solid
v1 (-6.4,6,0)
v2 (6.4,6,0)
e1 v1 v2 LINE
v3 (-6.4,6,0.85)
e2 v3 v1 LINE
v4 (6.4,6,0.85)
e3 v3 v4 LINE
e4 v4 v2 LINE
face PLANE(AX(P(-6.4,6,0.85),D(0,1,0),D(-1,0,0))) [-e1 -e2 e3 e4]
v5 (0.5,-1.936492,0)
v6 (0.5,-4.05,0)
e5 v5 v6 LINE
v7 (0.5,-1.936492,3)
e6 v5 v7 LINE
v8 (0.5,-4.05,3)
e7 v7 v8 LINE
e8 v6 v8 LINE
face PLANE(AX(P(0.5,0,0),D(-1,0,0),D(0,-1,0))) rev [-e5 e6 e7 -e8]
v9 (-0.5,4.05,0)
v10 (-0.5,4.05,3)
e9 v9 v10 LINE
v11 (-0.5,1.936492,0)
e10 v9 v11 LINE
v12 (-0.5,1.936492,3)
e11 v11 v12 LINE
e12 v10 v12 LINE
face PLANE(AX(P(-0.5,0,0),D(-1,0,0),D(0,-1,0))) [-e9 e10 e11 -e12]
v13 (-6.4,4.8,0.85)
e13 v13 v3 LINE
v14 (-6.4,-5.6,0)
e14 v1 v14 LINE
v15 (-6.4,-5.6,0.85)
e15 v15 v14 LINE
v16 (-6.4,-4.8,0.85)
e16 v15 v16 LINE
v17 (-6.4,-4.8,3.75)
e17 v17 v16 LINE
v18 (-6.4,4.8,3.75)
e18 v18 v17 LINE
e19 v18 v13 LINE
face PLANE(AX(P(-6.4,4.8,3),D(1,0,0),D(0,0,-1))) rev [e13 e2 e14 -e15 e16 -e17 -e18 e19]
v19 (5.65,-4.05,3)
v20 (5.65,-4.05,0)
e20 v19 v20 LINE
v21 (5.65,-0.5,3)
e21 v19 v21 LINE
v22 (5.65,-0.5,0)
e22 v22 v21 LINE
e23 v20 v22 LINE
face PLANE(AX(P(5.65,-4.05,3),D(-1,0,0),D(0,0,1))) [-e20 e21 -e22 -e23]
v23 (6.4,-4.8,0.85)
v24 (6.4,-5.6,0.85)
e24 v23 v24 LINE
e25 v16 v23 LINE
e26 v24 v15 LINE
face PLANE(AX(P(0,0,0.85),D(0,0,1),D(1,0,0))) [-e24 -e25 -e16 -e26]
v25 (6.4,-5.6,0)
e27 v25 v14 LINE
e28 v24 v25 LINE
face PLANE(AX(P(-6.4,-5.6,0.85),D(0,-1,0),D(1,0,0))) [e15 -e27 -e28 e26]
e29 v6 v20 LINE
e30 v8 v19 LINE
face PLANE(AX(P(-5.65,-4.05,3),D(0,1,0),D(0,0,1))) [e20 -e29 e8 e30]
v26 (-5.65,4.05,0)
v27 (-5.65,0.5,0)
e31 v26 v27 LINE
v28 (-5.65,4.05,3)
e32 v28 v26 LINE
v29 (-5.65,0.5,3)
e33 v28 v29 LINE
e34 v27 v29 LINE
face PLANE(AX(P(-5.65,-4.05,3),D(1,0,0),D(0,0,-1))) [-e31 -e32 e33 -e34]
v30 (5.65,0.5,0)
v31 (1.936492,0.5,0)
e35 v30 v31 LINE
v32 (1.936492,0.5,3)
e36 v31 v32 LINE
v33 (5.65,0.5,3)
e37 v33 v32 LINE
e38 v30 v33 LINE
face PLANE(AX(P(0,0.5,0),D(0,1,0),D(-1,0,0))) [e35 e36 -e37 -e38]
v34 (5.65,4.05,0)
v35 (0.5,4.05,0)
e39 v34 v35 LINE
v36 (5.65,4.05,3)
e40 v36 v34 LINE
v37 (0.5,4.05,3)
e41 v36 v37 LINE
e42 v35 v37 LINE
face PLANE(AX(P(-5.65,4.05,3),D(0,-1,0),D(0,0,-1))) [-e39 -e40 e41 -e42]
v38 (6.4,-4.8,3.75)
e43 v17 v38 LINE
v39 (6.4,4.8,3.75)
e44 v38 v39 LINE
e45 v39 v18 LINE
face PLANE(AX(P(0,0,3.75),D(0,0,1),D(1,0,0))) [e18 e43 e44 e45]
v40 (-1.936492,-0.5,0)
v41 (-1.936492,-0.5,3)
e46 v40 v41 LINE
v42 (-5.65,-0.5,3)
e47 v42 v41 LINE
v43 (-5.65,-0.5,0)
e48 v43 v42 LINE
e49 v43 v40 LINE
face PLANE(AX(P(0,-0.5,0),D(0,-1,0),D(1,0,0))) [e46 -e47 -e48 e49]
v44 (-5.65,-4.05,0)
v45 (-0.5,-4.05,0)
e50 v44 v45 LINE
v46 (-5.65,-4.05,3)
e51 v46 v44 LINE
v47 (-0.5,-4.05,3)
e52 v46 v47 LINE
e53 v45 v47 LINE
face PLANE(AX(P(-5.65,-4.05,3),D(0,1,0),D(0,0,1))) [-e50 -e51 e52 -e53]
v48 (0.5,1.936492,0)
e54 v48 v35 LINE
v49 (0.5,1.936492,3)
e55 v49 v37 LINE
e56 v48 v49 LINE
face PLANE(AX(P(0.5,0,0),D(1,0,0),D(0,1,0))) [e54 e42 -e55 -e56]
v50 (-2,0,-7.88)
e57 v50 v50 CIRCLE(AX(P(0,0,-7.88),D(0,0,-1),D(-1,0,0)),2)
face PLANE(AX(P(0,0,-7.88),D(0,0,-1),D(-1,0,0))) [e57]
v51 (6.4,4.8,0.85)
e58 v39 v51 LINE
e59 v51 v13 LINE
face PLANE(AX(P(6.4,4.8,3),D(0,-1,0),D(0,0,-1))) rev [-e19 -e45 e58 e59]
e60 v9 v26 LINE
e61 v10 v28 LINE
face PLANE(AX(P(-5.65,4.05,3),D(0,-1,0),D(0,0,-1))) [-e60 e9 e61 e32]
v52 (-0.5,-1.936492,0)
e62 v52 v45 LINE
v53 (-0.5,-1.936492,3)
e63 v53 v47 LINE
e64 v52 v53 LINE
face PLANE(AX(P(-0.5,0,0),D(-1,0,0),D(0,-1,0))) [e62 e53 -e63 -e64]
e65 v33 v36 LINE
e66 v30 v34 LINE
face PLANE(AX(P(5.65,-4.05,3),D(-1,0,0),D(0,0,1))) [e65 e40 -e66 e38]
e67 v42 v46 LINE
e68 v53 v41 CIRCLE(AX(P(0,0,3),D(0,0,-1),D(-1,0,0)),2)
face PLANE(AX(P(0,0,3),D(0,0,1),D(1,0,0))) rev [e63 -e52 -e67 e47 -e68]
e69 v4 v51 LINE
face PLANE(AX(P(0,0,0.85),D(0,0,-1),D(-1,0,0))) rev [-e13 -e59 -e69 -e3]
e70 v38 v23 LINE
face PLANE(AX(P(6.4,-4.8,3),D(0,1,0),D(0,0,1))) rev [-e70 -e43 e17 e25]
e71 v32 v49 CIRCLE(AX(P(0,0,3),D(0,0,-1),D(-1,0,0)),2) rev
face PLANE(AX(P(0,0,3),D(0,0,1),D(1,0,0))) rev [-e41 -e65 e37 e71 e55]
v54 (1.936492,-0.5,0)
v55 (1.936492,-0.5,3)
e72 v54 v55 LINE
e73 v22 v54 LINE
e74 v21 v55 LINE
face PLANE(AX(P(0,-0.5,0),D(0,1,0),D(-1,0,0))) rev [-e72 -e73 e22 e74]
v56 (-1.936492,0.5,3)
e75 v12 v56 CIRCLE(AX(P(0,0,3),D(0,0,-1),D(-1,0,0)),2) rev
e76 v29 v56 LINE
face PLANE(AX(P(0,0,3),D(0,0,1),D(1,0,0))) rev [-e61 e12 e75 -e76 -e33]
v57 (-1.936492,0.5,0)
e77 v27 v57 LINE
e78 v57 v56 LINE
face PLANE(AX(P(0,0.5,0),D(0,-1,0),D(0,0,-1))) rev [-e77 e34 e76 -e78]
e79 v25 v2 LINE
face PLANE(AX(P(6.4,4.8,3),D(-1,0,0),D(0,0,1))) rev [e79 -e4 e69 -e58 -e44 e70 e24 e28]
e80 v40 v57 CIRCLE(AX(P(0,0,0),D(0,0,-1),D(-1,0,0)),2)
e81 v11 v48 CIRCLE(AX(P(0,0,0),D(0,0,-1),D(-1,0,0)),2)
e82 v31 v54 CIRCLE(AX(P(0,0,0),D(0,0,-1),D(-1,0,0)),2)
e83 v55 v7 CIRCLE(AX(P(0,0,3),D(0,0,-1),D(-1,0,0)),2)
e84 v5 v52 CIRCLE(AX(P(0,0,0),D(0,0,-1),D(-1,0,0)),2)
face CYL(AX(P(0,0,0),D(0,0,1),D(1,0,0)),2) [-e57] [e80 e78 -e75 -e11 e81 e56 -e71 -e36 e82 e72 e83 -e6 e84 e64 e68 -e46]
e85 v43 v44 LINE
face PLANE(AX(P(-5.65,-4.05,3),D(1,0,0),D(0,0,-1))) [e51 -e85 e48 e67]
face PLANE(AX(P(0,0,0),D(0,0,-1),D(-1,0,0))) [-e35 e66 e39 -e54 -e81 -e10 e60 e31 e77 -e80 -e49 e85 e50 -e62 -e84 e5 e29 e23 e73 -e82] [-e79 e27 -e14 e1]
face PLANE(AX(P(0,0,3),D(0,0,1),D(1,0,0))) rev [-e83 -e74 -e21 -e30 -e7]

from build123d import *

# Parameters (mm, degrees)
SCHIZZO1_W                   = 12.8
SCHIZZO1_H                   = 9.6
SCHIZZO1_W_2                 = 11.3
SCHIZZO1_H_2                 = 8.1
ESTRUSIONE_ESTRUSIONE1_DEPTH = 3
SCHIZZO2_W                   = 12.8
SCHIZZO2_H                   = 9.6
ESTRUSIONE_ESTRUSIONE2_DEPTH = 0.75
SCHIZZO3_W                   = 12.8
SCHIZZO3_H                   = 1.2
SCHIZZO3_H_2                 = 0.8
ESTRUSIONE_ESTRUSIONE3_DEPTH = 0.85
ESTRUSIONE_ESTRUSIONE4_DEPTH = 3
SCHIZZO5_R                   = 2
ESTRUSIONE_ESTRUSIONE5_DEPTH = 7.88


with BuildPart() as part:
    # Schizzo1 → Estrusione-Estrusione1 (new body)
    with BuildSketch(Plane.XY):
        Rectangle(SCHIZZO1_W, SCHIZZO1_H)
        Rectangle(SCHIZZO1_W_2, SCHIZZO1_H_2, mode=Mode.SUBTRACT)
    extrude(amount=ESTRUSIONE_ESTRUSIONE1_DEPTH)

    # Schizzo2 → Estrusione-Estrusione2 (add)
    with BuildSketch(Plane.XY.offset(3)):
        Rectangle(SCHIZZO2_W, SCHIZZO2_H)
    extrude(amount=ESTRUSIONE_ESTRUSIONE2_DEPTH)

    # Schizzo3 → Estrusione-Estrusione3 (add)
    with BuildSketch(Plane(origin=(0, 0, 0), x_dir=(-1, 0, 0), z_dir=(0, 0, -1))):
        with Locations((0, 5.4)):
            Rectangle(SCHIZZO3_W, SCHIZZO3_H)
        with Locations((0, -5.2)):
            Rectangle(SCHIZZO3_W, SCHIZZO3_H_2)
    extrude(amount=-ESTRUSIONE_ESTRUSIONE3_DEPTH)



with BuildPart() as body_2:
    # Schizzo4 → Estrusione-Estrusione4 (new, through all)
    with BuildSketch(Plane(origin=(0, 0, 3), x_dir=(-1, 0, 0), z_dir=(0, 0, -1))):
        with BuildLine():
            Line((5.65, -0.5), (5.65, 0.5))
            Line((5.65, 0.5), (1.936491673, 0.5))
            ThreePointArc((1.936491673, 0.5), (1.414213562, 1.414213562), (0.5, 1.936491673))
            Line((0.5, 1.936491673), (0.5, 4.05))
            Line((0.5, 4.05), (-0.5, 4.05))
            Line((-0.5, 4.05), (-0.5, 1.936491673))
            ThreePointArc((-0.5, 1.936491673), (-1.414213562, 1.414213562), (-1.936491673, 0.5))
            Line((-1.936491673, 0.5), (-5.65, 0.5))
            Line((-5.65, 0.5), (-5.65, -0.5))
            Line((-5.65, -0.5), (-1.936491673, -0.5))
            ThreePointArc((-1.936491673, -0.5), (-1.414213562, -1.414213562), (-0.5, -1.936491673))
            Line((-0.5, -1.936491673), (-0.5, -4.05))
            Line((-0.5, -4.05), (0.5, -4.05))
            Line((0.5, -4.05), (0.5, -1.936491673))
            ThreePointArc((0.5, -1.936491673), (1.414213562, -1.414213562), (1.936491673, -0.5))
            Line((1.936491673, -0.5), (5.65, -0.5))
        make_face()
    extrude(amount=ESTRUSIONE_ESTRUSIONE4_DEPTH)


with BuildPart() as part_1:
    add(part.part)

    add(body_2.part)  # Estrusione-Estrusione5 merges body 2
    # Schizzo5 → Estrusione-Estrusione5 (add)
    with BuildSketch(Plane(origin=(0, 0, 0), x_dir=(-1, 0, 0), z_dir=(0, 0, -1))):
        with Locations(Location((0, 0, 0), (0, 0, 165.522487814))):
            Circle(SCHIZZO5_R)
    extrude(amount=ESTRUSIONE_ESTRUSIONE5_DEPTH)


solid = part_1.part
